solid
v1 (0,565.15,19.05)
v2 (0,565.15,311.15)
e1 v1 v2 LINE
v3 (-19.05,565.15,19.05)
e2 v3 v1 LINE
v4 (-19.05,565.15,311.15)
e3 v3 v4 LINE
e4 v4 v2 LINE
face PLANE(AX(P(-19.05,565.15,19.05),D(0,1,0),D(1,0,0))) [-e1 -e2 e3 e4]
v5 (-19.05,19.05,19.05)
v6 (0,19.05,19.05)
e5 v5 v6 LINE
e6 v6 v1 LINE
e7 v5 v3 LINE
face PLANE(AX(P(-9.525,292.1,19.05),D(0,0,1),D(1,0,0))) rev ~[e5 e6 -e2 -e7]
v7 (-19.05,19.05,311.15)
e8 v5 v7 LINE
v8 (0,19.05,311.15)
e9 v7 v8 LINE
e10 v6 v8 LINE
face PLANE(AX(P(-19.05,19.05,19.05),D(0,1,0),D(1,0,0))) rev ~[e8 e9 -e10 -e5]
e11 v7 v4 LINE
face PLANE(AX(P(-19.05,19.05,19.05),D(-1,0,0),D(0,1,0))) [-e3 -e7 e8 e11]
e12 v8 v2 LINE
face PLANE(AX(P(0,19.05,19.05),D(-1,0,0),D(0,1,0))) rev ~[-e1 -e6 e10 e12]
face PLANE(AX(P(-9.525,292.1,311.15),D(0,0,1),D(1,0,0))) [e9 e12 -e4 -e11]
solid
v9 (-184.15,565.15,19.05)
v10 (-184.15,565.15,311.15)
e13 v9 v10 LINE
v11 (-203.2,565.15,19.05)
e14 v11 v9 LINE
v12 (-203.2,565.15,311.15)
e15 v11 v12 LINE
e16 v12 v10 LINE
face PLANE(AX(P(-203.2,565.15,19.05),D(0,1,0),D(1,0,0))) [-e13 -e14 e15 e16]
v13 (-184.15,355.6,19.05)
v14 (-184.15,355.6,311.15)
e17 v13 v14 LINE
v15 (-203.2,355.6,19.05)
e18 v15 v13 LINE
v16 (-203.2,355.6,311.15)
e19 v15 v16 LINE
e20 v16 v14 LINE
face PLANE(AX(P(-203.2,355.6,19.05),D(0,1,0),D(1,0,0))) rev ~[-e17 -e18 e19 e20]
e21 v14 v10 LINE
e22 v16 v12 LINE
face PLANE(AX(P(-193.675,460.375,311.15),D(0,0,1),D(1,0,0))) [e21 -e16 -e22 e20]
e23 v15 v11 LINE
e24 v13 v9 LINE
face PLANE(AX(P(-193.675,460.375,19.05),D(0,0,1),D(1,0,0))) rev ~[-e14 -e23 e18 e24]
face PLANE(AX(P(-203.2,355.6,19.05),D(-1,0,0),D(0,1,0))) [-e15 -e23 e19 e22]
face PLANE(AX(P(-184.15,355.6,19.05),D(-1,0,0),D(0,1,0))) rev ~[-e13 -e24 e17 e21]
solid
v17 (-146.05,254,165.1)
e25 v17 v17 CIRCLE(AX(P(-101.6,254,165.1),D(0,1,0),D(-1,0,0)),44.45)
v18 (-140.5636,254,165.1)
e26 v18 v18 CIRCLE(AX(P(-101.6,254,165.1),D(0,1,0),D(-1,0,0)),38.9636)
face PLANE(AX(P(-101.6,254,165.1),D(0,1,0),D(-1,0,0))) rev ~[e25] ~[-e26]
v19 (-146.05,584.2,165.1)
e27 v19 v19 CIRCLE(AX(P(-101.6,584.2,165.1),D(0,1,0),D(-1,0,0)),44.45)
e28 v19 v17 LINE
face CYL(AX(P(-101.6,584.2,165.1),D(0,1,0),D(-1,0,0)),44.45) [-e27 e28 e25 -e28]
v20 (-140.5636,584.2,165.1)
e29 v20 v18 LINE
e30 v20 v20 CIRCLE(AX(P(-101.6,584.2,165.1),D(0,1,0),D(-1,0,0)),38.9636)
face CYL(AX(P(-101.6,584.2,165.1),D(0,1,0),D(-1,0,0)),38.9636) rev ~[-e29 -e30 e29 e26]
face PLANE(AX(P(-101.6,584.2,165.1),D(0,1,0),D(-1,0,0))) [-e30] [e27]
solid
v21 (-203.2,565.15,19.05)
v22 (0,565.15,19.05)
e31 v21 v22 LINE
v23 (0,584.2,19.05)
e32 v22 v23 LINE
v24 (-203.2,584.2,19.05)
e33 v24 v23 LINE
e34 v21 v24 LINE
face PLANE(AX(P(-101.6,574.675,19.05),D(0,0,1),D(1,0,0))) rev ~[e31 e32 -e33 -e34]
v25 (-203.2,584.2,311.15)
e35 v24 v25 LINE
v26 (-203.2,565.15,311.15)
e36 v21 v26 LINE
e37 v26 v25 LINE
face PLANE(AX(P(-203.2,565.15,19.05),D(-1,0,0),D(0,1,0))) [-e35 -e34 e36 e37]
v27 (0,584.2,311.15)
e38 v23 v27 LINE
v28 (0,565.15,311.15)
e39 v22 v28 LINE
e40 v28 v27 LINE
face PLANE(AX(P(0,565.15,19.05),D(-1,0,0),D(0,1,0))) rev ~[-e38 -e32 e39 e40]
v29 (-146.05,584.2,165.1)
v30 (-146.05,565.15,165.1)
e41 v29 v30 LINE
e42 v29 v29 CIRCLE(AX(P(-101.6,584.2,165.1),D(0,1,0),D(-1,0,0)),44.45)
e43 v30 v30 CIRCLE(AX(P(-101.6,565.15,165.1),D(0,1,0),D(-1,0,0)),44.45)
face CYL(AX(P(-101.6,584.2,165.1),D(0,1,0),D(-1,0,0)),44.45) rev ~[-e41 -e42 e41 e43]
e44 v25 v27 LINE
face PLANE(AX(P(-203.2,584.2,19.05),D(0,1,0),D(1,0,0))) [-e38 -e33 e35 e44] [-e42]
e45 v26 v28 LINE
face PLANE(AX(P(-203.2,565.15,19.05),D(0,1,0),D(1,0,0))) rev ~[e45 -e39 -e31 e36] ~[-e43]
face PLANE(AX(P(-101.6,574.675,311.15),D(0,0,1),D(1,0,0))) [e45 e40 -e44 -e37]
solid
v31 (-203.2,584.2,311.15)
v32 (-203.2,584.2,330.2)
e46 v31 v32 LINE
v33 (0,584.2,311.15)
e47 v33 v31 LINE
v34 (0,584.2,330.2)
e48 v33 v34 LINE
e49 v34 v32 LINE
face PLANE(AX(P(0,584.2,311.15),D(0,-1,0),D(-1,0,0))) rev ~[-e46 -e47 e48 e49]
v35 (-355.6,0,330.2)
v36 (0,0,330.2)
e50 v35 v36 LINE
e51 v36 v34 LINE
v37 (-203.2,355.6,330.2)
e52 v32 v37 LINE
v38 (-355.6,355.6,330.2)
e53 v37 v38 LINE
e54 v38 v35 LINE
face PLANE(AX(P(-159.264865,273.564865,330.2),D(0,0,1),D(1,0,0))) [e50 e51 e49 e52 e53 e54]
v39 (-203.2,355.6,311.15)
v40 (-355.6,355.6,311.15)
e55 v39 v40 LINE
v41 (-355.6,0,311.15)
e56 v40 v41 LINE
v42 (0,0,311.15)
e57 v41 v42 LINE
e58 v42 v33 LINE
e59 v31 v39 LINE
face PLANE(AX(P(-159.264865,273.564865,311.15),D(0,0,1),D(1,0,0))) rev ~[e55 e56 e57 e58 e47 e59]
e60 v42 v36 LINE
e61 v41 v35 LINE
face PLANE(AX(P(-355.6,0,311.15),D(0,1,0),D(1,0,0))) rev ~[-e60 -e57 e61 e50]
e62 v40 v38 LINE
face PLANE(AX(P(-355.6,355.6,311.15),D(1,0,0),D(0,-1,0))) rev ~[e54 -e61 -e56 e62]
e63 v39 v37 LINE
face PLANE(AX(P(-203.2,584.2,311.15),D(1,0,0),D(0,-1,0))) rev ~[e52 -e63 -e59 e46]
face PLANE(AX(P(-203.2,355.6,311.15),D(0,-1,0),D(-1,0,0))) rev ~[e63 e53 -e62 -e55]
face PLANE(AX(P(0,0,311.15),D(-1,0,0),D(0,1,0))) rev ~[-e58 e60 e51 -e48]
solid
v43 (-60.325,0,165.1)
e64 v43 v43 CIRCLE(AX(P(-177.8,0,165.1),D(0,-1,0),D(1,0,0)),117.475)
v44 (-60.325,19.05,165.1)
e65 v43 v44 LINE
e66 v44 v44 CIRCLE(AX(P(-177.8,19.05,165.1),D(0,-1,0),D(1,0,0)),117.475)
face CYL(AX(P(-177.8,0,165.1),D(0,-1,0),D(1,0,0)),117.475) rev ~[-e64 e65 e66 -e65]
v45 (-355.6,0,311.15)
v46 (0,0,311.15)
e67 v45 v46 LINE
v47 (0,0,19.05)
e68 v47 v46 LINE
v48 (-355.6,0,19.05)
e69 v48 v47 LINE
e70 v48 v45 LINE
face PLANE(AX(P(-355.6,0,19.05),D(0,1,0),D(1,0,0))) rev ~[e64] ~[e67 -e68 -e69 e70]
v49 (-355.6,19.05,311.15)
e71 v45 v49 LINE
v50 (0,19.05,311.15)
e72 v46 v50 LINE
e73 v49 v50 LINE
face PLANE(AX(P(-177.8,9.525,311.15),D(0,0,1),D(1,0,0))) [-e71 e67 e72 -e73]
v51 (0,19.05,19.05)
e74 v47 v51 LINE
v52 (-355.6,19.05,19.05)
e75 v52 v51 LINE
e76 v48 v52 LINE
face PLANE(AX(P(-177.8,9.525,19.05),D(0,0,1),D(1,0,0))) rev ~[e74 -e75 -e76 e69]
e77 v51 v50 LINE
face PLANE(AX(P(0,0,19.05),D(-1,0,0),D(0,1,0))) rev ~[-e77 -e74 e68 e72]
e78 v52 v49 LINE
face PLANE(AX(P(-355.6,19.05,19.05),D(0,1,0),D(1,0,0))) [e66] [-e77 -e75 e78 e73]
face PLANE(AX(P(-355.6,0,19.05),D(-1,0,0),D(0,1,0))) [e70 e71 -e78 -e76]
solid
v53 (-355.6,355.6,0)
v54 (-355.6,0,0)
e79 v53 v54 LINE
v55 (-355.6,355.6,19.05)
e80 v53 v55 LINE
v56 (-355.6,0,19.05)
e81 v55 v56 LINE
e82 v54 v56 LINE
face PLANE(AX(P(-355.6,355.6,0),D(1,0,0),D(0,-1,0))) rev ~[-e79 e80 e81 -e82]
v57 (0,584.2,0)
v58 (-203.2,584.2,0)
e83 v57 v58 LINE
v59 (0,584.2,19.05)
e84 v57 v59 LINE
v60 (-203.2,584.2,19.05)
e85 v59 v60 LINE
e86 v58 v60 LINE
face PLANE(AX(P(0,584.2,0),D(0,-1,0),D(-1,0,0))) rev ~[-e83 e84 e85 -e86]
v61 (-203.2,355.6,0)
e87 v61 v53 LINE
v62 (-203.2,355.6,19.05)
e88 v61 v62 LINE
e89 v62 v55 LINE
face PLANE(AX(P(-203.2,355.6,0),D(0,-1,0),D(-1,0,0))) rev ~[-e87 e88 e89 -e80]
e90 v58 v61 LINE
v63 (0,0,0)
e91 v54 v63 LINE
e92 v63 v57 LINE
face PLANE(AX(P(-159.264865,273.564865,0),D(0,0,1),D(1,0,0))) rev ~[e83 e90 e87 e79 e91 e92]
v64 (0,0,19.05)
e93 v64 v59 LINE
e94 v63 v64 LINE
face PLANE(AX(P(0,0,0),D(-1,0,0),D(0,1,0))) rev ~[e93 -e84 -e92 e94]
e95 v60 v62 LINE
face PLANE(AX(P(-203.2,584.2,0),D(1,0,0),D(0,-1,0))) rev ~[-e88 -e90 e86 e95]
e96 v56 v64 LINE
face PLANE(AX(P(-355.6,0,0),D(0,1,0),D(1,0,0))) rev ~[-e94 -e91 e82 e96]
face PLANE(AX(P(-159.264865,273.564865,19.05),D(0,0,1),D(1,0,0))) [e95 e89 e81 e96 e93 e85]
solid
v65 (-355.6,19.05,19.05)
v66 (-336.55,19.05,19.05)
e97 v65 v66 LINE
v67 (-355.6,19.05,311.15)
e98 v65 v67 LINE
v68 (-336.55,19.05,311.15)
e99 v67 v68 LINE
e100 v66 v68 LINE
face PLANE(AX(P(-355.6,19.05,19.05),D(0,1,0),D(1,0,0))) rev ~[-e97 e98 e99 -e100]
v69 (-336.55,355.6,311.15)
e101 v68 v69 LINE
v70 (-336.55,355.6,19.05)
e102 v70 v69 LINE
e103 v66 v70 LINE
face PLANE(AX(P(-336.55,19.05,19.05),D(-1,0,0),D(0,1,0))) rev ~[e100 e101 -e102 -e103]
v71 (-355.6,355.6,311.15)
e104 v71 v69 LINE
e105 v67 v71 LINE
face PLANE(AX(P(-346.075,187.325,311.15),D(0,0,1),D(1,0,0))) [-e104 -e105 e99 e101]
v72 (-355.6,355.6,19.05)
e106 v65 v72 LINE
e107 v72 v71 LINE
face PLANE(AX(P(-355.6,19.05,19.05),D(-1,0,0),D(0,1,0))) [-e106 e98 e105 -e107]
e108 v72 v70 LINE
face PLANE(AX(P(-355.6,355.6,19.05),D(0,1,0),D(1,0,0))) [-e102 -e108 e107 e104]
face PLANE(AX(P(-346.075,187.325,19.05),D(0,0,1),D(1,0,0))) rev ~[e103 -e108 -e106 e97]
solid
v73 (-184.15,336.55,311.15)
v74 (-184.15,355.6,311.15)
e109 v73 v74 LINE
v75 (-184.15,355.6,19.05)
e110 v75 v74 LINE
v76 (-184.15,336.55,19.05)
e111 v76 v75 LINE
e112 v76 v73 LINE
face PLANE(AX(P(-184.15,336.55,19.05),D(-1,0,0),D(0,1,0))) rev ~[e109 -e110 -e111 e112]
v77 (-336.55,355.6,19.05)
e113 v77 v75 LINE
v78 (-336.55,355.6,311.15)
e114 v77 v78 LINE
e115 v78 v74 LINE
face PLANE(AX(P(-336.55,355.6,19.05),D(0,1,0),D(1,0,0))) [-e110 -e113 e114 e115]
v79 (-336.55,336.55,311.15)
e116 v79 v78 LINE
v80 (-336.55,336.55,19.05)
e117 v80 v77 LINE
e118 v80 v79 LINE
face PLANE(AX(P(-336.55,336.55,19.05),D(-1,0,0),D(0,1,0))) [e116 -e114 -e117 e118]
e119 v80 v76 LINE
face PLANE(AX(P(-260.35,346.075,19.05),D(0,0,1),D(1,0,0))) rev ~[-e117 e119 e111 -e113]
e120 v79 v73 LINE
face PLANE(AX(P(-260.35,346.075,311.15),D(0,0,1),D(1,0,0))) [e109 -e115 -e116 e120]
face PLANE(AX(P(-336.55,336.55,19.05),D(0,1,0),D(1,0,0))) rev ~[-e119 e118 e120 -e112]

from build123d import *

# Parameters (mm, degrees)
F1_DEPTH  = 19.05
F2_W      = 355.6
F2_H      = 19.05
F3_DEPTH  = 292.1
F4_W      = 203.2
F4_H      = 19.05
F5_DEPTH  = 292.1
F6_W      = 19.05
F6_H      = 546.1
F7_DEPTH  = 292.1
F8_W      = 19.05
F8_H      = 336.55
F9_DEPTH  = 292.1
F10_W     = 19.05
F10_H     = 209.55
F11_DEPTH = 292.1
F12_W     = 152.4
F12_H     = 19.05
F13_DEPTH = 292.1
F15_DEPTH = 19.05
F16_R     = 117.475
F17_DEPTH = 584.201
F18_R     = 44.45
F19_DEPTH = 584.201
F20_R     = 44.45
F20_R_2   = 38.9636
F21_DEPTH = 330.2


with BuildPart() as f1:
    # F0 (on Top) → F1 (new body)
    with BuildSketch(Plane.XY):
        Polygon((-355.6, 0), (0, 0), (0, 584.2), (-203.2, 584.2), (-203.2, 355.6), (-355.6, 355.6), align=None)
    extrude(amount=F1_DEPTH)


with BuildPart() as f3:
    # F2 (on face) → F3 (new body)
    with BuildSketch(Plane.XY.offset(19.05)):
        with Locations((-177.8, 9.525)):
            Rectangle(F2_W, F2_H)
    extrude(amount=F3_DEPTH)

    # F16 (on face) → F17 (cut, through all)
    with BuildSketch(Plane.XZ):
        with Locations((-177.8, 165.1)):
            Circle(F16_R)
    extrude(amount=-F17_DEPTH, mode=Mode.SUBTRACT)


with BuildPart() as f5:
    # F4 (on face) → F5 (new body, through all)
    with BuildSketch(Plane.XY.offset(19.05)):
        with Locations((-101.6, 574.675)):
            Rectangle(F4_W, F4_H)
    extrude(amount=F5_DEPTH)

    # F18 (on face) → F19 (cut, through all)
    with BuildSketch(Plane(origin=(0, 584.2, 0), x_dir=(-1, 0, 0), z_dir=(0, 1, 0))):
        with Locations((101.6, 165.1)):
            Circle(F18_R)
    extrude(amount=-F19_DEPTH, mode=Mode.SUBTRACT)


with BuildPart() as f7:
    # F6 (on face) → F7 (new body, through all)
    with BuildSketch(Plane.XY.offset(19.05)):
        with Locations((-9.525, 292.1)):
            Rectangle(F6_W, F6_H)
    extrude(amount=F7_DEPTH)


with BuildPart() as f9:
    # F8 (on face) → F9 (new body, through all)
    with BuildSketch(Plane.XY.offset(19.05)):
        with Locations((-346.075, 187.325)):
            Rectangle(F8_W, F8_H)
    extrude(amount=F9_DEPTH)


with BuildPart() as f11:
    # F10 (on face) → F11 (new body, through all)
    with BuildSketch(Plane.XY.offset(19.05)):
        with Locations((-193.675, 460.375)):
            Rectangle(F10_W, F10_H)
    extrude(amount=F11_DEPTH)


with BuildPart() as f13:
    # F12 (on face) → F13 (new body, through all)
    with BuildSketch(Plane.XY.offset(19.05)):
        with Locations((-260.35, 346.075)):
            Rectangle(F12_W, F12_H)
    extrude(amount=F13_DEPTH)


with BuildPart() as f15:
    # F14 (on face) → F15 (new body)
    with BuildSketch(Plane.XY.offset(311.15)):
        Polygon((0, 0), (0, 584.2), (-203.2, 584.2), (-203.2, 355.6), (-355.6, 355.6), (-355.6, 0), align=None)
    extrude(amount=F15_DEPTH)


with BuildPart() as f21:
    # F20 (on face) → F21 (new body)
    with BuildSketch(Plane(origin=(0, 584.2, 0), x_dir=(-1, 0, 0), z_dir=(0, 1, 0))):
        with Locations((101.6, 165.1)):
            Circle(F20_R)
        with Locations((101.6, 165.1)):
            Circle(F20_R_2, mode=Mode.SUBTRACT)
    extrude(amount=-F21_DEPTH)


solid = Compound([f1.part, f3.part, f5.part, f7.part, f9.part, f11.part, f13.part, f15.part, f21.part])
